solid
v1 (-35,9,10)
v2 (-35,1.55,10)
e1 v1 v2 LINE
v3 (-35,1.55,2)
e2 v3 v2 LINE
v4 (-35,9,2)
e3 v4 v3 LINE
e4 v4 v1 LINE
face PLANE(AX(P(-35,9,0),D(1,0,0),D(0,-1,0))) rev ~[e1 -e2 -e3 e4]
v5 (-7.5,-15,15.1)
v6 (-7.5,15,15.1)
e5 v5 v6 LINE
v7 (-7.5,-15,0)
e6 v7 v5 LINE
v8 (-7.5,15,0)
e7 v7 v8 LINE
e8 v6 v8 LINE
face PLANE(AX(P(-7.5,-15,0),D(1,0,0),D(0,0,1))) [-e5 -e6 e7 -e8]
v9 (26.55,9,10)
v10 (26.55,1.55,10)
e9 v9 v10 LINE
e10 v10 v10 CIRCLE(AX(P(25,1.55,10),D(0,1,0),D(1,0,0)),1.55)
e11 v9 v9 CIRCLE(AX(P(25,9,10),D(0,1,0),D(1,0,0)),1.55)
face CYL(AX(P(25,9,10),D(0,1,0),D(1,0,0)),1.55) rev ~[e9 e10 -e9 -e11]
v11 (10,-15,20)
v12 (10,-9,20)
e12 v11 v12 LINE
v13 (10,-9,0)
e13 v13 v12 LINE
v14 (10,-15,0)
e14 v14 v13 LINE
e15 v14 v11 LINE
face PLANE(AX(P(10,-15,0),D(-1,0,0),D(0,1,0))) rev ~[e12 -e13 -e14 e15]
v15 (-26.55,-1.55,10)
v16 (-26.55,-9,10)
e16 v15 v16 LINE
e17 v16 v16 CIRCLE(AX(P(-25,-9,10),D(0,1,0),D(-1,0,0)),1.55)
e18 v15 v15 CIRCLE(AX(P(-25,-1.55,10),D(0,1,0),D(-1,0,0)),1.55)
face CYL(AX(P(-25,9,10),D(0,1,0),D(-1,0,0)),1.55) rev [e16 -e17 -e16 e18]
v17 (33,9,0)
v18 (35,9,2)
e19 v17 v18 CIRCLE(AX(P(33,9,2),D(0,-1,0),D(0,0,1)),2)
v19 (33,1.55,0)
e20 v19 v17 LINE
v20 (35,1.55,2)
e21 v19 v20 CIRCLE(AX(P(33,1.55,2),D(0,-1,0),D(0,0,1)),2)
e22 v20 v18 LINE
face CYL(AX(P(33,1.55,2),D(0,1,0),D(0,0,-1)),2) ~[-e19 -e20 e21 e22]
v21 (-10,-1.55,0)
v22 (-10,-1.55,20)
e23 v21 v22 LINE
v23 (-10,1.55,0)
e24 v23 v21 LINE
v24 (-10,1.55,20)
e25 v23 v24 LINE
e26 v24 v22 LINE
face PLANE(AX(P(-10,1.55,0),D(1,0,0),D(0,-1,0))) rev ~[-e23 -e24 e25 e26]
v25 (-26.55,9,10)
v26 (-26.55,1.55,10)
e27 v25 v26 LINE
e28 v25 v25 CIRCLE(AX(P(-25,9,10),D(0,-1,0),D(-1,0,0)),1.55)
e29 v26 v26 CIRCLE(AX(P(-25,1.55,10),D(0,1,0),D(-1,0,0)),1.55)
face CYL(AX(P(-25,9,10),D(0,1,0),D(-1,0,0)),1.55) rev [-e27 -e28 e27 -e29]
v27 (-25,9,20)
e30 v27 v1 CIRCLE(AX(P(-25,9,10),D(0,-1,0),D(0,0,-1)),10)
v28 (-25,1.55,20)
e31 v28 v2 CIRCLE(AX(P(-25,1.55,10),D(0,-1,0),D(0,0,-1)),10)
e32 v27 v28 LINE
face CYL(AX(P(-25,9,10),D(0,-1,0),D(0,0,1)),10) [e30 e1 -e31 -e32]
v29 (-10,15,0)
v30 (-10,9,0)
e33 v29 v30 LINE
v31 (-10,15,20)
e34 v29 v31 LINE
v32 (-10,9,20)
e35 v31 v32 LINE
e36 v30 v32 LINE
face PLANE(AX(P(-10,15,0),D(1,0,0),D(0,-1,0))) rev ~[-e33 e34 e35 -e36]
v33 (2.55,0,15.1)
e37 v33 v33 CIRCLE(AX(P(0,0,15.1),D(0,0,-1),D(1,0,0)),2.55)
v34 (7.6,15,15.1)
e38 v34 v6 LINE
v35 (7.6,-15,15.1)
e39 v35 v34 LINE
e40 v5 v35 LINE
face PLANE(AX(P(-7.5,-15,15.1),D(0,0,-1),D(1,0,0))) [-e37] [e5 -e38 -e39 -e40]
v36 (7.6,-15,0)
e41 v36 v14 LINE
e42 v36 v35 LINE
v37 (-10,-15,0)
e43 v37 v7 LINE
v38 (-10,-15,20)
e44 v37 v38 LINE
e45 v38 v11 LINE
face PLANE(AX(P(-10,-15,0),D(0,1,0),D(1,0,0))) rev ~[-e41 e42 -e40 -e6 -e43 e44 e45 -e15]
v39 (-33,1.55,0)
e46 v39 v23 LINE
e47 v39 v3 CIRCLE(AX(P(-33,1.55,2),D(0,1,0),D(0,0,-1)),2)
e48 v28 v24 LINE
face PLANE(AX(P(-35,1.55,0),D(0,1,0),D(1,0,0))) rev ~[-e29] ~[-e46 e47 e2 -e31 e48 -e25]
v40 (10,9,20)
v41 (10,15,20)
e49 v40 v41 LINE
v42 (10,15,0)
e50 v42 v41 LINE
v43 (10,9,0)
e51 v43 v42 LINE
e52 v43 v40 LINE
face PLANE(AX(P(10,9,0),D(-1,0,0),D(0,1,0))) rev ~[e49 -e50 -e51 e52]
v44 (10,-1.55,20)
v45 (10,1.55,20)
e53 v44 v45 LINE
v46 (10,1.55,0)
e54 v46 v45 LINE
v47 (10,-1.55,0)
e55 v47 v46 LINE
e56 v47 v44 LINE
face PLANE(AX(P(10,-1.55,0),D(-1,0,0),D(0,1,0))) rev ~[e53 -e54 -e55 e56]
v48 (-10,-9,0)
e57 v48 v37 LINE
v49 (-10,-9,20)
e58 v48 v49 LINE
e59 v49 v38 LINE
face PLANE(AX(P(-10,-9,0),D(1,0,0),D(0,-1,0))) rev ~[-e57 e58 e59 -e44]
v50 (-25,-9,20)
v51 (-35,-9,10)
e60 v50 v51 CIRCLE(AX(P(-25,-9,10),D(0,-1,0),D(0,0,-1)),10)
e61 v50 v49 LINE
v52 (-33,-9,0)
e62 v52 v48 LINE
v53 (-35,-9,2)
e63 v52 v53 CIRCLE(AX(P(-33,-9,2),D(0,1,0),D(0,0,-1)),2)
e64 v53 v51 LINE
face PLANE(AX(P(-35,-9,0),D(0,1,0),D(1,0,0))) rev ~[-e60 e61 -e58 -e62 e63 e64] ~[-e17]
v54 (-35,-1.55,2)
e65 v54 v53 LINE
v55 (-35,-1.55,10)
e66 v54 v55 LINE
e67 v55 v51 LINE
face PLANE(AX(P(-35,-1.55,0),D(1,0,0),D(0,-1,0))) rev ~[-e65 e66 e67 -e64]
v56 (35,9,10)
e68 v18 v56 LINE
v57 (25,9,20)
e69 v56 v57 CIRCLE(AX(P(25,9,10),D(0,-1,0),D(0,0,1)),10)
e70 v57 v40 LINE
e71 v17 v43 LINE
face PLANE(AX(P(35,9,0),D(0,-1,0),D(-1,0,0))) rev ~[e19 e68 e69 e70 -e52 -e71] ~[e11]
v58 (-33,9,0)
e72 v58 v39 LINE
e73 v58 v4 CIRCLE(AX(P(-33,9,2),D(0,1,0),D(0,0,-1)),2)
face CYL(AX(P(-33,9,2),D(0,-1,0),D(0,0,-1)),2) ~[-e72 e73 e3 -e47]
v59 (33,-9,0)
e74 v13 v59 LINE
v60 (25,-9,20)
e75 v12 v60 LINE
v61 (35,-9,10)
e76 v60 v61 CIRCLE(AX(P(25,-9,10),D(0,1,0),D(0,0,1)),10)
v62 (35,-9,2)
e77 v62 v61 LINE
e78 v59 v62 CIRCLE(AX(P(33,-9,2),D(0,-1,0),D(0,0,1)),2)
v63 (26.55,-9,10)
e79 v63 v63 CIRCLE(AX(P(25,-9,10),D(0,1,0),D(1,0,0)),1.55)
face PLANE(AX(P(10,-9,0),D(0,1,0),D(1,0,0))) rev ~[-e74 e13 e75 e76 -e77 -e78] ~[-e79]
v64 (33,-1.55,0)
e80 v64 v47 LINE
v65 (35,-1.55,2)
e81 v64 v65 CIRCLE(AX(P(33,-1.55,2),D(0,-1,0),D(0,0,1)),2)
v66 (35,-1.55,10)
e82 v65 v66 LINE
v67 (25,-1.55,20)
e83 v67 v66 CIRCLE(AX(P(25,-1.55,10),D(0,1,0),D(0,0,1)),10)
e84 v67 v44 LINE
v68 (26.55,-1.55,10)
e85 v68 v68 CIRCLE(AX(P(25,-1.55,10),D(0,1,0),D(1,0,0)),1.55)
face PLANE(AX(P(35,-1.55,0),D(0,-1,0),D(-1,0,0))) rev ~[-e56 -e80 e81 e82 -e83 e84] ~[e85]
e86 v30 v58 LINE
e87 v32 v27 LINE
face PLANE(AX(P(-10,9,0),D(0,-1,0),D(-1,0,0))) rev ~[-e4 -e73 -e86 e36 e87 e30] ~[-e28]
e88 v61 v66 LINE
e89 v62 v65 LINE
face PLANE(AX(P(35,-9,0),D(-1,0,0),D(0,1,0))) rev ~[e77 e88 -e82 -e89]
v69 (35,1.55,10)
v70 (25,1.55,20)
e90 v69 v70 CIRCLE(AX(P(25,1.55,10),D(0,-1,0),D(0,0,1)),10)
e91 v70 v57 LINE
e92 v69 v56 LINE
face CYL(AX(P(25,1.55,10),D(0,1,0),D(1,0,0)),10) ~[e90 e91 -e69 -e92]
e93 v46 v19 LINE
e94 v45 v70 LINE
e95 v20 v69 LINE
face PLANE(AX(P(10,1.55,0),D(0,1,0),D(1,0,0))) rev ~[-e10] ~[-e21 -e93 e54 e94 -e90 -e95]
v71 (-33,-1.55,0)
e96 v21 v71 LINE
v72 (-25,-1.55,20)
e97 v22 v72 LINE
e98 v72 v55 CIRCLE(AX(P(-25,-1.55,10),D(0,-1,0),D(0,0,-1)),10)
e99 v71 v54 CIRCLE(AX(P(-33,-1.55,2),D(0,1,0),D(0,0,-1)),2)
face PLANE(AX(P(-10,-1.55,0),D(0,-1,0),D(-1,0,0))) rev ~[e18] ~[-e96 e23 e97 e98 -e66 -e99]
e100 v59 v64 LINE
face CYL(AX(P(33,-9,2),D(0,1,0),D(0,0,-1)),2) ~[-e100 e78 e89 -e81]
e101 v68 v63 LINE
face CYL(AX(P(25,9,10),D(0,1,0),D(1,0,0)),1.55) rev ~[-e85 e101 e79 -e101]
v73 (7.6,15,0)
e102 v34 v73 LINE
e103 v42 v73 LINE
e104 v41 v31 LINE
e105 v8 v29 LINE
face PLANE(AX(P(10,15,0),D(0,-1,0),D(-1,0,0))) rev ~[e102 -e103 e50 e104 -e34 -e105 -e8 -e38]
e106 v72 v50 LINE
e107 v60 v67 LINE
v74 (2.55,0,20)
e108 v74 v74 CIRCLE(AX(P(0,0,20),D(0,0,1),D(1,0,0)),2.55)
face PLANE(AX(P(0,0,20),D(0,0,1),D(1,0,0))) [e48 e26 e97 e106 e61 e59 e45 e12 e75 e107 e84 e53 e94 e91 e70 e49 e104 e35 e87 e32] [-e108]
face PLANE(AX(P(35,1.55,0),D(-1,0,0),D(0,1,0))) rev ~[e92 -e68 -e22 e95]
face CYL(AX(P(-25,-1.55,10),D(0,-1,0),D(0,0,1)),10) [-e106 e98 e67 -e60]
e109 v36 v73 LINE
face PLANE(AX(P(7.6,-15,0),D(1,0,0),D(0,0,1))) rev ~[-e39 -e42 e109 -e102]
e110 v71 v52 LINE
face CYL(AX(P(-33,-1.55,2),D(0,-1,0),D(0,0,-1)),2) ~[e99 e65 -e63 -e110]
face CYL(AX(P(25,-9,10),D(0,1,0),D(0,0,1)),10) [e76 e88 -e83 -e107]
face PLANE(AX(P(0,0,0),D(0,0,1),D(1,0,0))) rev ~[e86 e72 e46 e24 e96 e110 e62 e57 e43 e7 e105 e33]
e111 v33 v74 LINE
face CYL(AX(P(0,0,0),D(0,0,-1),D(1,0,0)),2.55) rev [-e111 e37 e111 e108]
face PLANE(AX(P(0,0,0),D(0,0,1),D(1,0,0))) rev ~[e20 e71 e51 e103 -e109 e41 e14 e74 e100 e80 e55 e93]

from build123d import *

# Parameters (mm, degrees)
SKETCH_1_R          = 2.55
EXTRUDE_1_DEPTH     = 20
CUT_EXTRUDE_1_REACH = 32
SKETCH_2_W          = 15.1
SKETCH_2_H          = 15.1
SKETCH_3_R          = 1.55
CUT_EXTRUDE_2_DEPTH = 100
FILLET_1_R          = 2
FILLET_2_R          = 10


with BuildPart() as part:
    # 草图1 → 凸台-拉伸1 (new body)
    with BuildSketch(Plane.XY):
        Polygon((10, 9), (10, 15), (-10, 15), (-10, 9), (-35, 9), (-35, 1.55), (-10, 1.55), (-10, -1.55), (-35, -1.55), (-35, -9), (-10, -9), (-10, -15), (10, -15), (10, -9), (35, -9), (35, -1.55), (10, -1.55), (10, 1.55), (35, 1.55), (35, 9), align=None)
        Circle(SKETCH_1_R, mode=Mode.SUBTRACT)
    extrude(amount=EXTRUDE_1_DEPTH)

    # 草图2 → 切除-拉伸1 (cut, up to next)
    with BuildSketch(Plane.XZ.offset(15), mode=Mode.PRIVATE) as cut_extrude_1_sk1:
        with Locations((0.05, 7.55)):
            Rectangle(SKETCH_2_W, SKETCH_2_H)
    cut_extrude_1_tool1 = extrude(cut_extrude_1_sk1.sketch, amount=-CUT_EXTRUDE_1_REACH, mode=Mode.PRIVATE) & part.part
    add(cut_extrude_1_tool1.solids().sort_by_distance((0.05, -15, 7.55))[0], mode=Mode.SUBTRACT)

    # 草图3 → 切除-拉伸2 (cut)
    with BuildSketch(Plane(origin=(0, 9, 0), x_dir=(1, 0, 0), z_dir=(0, 1, 0))):
        with Locations((25, -10)):
            Circle(SKETCH_3_R)
    cut_extrude_2 = extrude(amount=-CUT_EXTRUDE_2_DEPTH, mode=Mode.SUBTRACT)

    # 镜向1: 切除-拉伸2 across plane
    add(cut_extrude_2.mirror(Plane(origin=(0, 0, 0), x_dir=(0, 0, 1), z_dir=(1, 0, 0))), mode=Mode.SUBTRACT)

    # 圆角1
    fillet_1_edges = [part.edges().sort_by_distance(p)[0] for p in [
        (-35, -5.275, 0),
        (-35, 5.275, 0),
        (35, 5.275, 0),
        (35, -5.275, 0),
    ]]
    fillet(fillet_1_edges, radius=FILLET_1_R)

    # 圆角2
    fillet_2_edges = [part.edges().sort_by_distance(p)[0] for p in [
        (35, -5.275, 20),
        (35, 5.275, 20),
        (-35, 5.275, 20),
        (-35, -5.275, 20),
    ]]
    fillet(fillet_2_edges, radius=FILLET_2_R)


solid = part.part
